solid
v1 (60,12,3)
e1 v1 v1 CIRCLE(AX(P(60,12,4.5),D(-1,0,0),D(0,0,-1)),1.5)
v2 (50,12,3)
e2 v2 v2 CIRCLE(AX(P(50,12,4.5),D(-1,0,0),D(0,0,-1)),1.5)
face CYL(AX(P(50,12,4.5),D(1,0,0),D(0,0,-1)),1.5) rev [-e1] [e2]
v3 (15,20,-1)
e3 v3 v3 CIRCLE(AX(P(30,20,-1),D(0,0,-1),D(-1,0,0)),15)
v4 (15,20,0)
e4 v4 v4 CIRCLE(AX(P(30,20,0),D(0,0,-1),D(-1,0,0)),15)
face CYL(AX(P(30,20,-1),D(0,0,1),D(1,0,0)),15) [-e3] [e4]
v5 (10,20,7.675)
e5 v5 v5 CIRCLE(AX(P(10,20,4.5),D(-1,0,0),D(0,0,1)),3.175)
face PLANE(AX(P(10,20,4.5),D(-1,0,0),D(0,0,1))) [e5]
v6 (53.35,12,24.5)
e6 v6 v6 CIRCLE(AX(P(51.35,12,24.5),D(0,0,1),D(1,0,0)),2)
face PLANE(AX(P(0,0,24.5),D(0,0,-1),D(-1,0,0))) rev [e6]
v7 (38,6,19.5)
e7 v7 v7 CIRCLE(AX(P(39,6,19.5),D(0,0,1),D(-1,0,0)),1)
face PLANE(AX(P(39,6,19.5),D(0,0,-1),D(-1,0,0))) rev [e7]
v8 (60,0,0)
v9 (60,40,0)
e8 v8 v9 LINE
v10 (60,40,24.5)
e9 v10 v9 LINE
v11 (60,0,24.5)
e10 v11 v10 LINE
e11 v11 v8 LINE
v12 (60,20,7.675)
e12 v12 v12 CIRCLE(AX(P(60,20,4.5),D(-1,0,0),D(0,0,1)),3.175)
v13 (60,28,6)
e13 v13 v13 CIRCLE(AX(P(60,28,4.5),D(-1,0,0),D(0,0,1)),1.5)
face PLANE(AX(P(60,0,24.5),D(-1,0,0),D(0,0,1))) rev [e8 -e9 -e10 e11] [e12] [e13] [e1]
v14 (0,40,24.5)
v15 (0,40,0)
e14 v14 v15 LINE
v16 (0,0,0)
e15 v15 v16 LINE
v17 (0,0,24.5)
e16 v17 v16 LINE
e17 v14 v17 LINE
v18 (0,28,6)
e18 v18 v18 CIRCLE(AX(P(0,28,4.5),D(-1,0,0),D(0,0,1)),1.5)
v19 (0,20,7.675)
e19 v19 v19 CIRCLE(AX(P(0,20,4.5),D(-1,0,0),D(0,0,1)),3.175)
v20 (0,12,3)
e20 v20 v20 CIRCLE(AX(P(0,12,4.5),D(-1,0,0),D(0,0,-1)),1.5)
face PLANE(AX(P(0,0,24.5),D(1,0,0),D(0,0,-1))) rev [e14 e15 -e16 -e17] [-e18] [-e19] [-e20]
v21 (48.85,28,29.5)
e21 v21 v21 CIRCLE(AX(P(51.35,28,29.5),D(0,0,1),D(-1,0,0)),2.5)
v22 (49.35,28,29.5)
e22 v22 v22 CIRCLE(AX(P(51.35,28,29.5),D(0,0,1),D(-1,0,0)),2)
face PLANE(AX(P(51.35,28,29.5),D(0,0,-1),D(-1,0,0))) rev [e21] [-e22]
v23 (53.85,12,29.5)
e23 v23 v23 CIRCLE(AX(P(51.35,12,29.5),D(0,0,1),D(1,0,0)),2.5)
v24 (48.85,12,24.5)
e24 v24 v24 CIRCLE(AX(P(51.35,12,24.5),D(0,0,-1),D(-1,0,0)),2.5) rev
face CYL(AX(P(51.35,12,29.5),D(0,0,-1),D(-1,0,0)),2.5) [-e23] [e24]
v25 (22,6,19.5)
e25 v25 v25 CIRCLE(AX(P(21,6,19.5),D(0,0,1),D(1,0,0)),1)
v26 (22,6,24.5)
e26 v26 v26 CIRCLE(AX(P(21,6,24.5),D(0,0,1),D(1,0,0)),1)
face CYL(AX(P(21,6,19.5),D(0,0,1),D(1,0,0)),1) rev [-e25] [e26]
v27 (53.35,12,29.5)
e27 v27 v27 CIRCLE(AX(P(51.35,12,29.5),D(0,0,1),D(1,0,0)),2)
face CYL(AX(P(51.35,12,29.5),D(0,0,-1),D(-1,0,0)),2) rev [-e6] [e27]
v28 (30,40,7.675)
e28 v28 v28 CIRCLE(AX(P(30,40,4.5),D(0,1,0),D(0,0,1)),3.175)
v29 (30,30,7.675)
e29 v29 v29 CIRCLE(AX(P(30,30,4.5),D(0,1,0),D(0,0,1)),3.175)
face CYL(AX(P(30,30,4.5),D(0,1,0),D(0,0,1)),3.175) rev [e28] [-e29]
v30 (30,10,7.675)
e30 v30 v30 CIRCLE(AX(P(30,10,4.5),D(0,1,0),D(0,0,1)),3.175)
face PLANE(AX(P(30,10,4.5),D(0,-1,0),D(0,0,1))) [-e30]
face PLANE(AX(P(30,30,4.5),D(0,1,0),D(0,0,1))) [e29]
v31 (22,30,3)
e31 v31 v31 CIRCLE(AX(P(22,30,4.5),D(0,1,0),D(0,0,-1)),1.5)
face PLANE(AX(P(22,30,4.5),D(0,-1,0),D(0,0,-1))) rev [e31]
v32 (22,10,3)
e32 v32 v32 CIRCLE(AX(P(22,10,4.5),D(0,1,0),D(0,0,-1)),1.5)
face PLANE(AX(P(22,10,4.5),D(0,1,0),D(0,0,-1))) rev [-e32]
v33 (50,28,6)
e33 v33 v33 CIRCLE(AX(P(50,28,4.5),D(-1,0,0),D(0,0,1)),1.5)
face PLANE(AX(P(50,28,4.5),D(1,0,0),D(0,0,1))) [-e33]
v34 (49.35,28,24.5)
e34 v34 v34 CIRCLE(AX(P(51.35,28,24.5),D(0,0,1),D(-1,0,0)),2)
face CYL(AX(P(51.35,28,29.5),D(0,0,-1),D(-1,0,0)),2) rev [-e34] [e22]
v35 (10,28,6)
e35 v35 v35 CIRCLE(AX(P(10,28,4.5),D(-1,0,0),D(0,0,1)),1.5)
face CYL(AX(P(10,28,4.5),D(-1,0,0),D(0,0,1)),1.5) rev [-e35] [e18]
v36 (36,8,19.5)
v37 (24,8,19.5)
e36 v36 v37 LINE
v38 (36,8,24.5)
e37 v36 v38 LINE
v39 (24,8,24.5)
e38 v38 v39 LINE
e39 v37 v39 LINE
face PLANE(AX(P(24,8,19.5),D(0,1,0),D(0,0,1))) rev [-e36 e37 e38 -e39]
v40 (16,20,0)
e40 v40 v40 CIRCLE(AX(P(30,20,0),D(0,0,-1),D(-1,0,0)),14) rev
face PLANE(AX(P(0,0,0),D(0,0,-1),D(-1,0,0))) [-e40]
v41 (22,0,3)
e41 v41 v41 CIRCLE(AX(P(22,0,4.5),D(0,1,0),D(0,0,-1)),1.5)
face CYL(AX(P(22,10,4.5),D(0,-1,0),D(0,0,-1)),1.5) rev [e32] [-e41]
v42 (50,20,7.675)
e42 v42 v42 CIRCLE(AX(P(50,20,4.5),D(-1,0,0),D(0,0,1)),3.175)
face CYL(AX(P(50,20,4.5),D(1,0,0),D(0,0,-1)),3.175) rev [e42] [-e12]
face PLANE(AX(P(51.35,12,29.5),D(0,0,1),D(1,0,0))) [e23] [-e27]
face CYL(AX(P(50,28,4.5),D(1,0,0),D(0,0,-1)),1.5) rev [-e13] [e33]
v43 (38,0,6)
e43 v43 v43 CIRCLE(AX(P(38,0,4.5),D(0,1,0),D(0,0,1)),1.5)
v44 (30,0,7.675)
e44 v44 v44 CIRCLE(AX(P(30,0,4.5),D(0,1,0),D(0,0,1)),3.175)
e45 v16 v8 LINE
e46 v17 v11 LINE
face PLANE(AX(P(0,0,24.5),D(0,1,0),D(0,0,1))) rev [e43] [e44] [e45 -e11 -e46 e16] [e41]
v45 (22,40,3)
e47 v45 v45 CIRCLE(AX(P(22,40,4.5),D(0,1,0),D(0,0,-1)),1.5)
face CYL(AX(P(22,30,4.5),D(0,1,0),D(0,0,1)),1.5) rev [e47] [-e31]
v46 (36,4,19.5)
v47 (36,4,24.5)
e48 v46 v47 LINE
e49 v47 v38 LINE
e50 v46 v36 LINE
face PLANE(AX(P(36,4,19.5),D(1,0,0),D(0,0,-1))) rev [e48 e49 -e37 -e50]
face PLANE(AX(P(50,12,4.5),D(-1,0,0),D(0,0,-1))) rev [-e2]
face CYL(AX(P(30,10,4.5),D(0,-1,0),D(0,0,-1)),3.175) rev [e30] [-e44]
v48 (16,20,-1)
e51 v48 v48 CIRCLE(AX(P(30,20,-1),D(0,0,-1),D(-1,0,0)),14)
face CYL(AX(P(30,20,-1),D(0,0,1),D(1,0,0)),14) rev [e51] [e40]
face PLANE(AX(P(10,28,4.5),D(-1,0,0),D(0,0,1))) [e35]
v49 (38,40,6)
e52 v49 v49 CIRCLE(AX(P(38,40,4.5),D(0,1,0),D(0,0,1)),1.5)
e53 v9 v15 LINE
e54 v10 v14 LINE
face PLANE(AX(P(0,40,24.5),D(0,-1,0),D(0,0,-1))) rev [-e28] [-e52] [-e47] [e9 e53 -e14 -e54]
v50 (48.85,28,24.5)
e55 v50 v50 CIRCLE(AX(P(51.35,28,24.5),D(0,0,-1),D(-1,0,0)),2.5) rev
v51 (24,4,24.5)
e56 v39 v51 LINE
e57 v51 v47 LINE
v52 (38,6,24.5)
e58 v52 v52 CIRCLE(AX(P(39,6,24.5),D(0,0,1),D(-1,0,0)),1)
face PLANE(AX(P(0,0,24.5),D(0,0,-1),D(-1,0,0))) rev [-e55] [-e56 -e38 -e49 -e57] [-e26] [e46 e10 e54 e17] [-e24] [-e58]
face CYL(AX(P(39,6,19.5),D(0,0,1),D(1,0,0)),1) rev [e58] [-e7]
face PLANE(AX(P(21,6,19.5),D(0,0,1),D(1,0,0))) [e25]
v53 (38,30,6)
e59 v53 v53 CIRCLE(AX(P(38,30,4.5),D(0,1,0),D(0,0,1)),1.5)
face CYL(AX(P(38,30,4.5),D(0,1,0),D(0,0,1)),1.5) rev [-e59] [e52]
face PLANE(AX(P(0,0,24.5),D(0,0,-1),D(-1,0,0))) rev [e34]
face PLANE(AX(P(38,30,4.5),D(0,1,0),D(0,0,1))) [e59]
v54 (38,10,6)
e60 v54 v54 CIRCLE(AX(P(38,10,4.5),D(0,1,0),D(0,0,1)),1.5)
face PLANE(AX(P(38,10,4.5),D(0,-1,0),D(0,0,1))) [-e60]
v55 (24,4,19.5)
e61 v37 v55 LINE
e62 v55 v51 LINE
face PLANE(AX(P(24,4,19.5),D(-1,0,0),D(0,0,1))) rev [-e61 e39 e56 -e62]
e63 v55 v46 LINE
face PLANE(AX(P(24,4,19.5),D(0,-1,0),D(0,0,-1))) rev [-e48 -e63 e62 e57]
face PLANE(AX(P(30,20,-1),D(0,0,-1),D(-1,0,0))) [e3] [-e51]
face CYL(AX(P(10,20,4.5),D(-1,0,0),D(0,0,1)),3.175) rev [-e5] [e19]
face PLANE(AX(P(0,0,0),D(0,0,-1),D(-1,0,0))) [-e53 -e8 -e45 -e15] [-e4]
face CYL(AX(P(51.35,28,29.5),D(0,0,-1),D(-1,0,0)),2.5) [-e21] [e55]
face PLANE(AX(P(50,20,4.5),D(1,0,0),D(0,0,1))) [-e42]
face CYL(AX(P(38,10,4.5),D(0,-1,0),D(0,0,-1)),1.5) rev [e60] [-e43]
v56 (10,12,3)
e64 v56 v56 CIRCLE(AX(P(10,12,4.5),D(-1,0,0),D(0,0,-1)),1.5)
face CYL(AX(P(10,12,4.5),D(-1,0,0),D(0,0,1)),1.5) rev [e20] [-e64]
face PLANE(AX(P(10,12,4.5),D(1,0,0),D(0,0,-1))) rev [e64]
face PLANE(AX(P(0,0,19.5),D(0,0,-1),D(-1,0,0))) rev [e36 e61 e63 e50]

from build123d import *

# Parameters (mm, degrees)
SKETCH1_W           = 60
SKETCH1_H           = 40
BOSS_EXTRUDE1_DEPTH = 24.5
SKETCH2_R           = 15
SKETCH2_R_2         = 14
BOSS_EXTRUDE2_DEPTH = 1
SKETCH3_R           = 3.175
SKETCH3_R_2         = 1.5
CUT_EXTRUDE1_DEPTH  = 10
SKETCH4_R           = 3.175
SKETCH4_R_2         = 1.5
CUT_EXTRUDE2_DEPTH  = 10
SKETCH5_R           = 1
SKETCH5_W           = 12
SKETCH5_H           = 4
CUT_EXTRUDE3_DEPTH  = 5
SKETCH6_R           = 2.5
SKETCH6_R_2         = 2
BOSS_EXTRUDE4_DEPTH = 5


with BuildPart() as part:
    # Sketch1 → Boss-Extrude1 (new body)
    with BuildSketch(Plane.XY):
        with Locations((30, 20)):
            Rectangle(SKETCH1_W, SKETCH1_H)
    extrude(amount=BOSS_EXTRUDE1_DEPTH)

    # Sketch2 → Boss-Extrude2 (add)
    with BuildSketch(Plane(origin=(0, 0, 0), x_dir=(-1, 0, 0), z_dir=(0, 0, -1))):
        with Locations((-30, 20)):
            Circle(SKETCH2_R)
        with Locations((-30, 20)):
            Circle(SKETCH2_R_2, mode=Mode.SUBTRACT)
    extrude(amount=BOSS_EXTRUDE2_DEPTH)

    # Sketch3 → Cut-Extrude1 (cut)
    with BuildSketch(Plane.ZY):
        with Locations((4.5, 20)):
            Circle(SKETCH3_R)
        with Locations((4.5, 28)):
            Circle(SKETCH3_R_2)
        with Locations((4.5, 12)):
            Circle(SKETCH3_R_2)
    cut_extrude1 = extrude(amount=-CUT_EXTRUDE1_DEPTH, mode=Mode.SUBTRACT)

    # Mirror1: Cut-Extrude1 across plane
    add(cut_extrude1.mirror(Plane(origin=(30, 0, 0), x_dir=(0, 0, 1), z_dir=(1, 0, 0))), mode=Mode.SUBTRACT)

    # Sketch4 → Cut-Extrude2 (cut)
    with BuildSketch(Plane(origin=(0, 40, 0), x_dir=(1, 0, 0), z_dir=(0, 1, 0))):
        with Locations((30, -4.5)):
            Circle(SKETCH4_R)
        with Locations((38, -4.5)):
            Circle(SKETCH4_R_2)
        with Locations((22, -4.5)):
            Circle(SKETCH4_R_2)
    cut_extrude2 = extrude(amount=-CUT_EXTRUDE2_DEPTH, mode=Mode.SUBTRACT)

    # Mirror2: Cut-Extrude2 across plane
    add(cut_extrude2.mirror(Plane(origin=(0, 20, 0), x_dir=(0, 0, 1), z_dir=(0, -1, 0))), mode=Mode.SUBTRACT)

    # Sketch5 → Cut-Extrude3 (cut)
    with BuildSketch(Plane.XY.offset(24.5)):
        with Locations((21, 6)):
            Circle(SKETCH5_R)
        with Locations((39, 6)):
            Circle(SKETCH5_R)
        with Locations((30, 6)):
            Rectangle(SKETCH5_W, SKETCH5_H)
    extrude(amount=-CUT_EXTRUDE3_DEPTH, mode=Mode.SUBTRACT)

    # Sketch6 → Boss-Extrude4 (add)
    with BuildSketch(Plane.XY.offset(24.5)):
        with Locations((51.35, 12)):
            Circle(SKETCH6_R)
        with Locations((51.35, 12)):
            Circle(SKETCH6_R_2, mode=Mode.SUBTRACT)
        with Locations((51.35, 28)):
            Circle(SKETCH6_R)
        with Locations((51.35, 28)):
            Circle(SKETCH6_R_2, mode=Mode.SUBTRACT)
    extrude(amount=BOSS_EXTRUDE4_DEPTH)


solid = part.part
